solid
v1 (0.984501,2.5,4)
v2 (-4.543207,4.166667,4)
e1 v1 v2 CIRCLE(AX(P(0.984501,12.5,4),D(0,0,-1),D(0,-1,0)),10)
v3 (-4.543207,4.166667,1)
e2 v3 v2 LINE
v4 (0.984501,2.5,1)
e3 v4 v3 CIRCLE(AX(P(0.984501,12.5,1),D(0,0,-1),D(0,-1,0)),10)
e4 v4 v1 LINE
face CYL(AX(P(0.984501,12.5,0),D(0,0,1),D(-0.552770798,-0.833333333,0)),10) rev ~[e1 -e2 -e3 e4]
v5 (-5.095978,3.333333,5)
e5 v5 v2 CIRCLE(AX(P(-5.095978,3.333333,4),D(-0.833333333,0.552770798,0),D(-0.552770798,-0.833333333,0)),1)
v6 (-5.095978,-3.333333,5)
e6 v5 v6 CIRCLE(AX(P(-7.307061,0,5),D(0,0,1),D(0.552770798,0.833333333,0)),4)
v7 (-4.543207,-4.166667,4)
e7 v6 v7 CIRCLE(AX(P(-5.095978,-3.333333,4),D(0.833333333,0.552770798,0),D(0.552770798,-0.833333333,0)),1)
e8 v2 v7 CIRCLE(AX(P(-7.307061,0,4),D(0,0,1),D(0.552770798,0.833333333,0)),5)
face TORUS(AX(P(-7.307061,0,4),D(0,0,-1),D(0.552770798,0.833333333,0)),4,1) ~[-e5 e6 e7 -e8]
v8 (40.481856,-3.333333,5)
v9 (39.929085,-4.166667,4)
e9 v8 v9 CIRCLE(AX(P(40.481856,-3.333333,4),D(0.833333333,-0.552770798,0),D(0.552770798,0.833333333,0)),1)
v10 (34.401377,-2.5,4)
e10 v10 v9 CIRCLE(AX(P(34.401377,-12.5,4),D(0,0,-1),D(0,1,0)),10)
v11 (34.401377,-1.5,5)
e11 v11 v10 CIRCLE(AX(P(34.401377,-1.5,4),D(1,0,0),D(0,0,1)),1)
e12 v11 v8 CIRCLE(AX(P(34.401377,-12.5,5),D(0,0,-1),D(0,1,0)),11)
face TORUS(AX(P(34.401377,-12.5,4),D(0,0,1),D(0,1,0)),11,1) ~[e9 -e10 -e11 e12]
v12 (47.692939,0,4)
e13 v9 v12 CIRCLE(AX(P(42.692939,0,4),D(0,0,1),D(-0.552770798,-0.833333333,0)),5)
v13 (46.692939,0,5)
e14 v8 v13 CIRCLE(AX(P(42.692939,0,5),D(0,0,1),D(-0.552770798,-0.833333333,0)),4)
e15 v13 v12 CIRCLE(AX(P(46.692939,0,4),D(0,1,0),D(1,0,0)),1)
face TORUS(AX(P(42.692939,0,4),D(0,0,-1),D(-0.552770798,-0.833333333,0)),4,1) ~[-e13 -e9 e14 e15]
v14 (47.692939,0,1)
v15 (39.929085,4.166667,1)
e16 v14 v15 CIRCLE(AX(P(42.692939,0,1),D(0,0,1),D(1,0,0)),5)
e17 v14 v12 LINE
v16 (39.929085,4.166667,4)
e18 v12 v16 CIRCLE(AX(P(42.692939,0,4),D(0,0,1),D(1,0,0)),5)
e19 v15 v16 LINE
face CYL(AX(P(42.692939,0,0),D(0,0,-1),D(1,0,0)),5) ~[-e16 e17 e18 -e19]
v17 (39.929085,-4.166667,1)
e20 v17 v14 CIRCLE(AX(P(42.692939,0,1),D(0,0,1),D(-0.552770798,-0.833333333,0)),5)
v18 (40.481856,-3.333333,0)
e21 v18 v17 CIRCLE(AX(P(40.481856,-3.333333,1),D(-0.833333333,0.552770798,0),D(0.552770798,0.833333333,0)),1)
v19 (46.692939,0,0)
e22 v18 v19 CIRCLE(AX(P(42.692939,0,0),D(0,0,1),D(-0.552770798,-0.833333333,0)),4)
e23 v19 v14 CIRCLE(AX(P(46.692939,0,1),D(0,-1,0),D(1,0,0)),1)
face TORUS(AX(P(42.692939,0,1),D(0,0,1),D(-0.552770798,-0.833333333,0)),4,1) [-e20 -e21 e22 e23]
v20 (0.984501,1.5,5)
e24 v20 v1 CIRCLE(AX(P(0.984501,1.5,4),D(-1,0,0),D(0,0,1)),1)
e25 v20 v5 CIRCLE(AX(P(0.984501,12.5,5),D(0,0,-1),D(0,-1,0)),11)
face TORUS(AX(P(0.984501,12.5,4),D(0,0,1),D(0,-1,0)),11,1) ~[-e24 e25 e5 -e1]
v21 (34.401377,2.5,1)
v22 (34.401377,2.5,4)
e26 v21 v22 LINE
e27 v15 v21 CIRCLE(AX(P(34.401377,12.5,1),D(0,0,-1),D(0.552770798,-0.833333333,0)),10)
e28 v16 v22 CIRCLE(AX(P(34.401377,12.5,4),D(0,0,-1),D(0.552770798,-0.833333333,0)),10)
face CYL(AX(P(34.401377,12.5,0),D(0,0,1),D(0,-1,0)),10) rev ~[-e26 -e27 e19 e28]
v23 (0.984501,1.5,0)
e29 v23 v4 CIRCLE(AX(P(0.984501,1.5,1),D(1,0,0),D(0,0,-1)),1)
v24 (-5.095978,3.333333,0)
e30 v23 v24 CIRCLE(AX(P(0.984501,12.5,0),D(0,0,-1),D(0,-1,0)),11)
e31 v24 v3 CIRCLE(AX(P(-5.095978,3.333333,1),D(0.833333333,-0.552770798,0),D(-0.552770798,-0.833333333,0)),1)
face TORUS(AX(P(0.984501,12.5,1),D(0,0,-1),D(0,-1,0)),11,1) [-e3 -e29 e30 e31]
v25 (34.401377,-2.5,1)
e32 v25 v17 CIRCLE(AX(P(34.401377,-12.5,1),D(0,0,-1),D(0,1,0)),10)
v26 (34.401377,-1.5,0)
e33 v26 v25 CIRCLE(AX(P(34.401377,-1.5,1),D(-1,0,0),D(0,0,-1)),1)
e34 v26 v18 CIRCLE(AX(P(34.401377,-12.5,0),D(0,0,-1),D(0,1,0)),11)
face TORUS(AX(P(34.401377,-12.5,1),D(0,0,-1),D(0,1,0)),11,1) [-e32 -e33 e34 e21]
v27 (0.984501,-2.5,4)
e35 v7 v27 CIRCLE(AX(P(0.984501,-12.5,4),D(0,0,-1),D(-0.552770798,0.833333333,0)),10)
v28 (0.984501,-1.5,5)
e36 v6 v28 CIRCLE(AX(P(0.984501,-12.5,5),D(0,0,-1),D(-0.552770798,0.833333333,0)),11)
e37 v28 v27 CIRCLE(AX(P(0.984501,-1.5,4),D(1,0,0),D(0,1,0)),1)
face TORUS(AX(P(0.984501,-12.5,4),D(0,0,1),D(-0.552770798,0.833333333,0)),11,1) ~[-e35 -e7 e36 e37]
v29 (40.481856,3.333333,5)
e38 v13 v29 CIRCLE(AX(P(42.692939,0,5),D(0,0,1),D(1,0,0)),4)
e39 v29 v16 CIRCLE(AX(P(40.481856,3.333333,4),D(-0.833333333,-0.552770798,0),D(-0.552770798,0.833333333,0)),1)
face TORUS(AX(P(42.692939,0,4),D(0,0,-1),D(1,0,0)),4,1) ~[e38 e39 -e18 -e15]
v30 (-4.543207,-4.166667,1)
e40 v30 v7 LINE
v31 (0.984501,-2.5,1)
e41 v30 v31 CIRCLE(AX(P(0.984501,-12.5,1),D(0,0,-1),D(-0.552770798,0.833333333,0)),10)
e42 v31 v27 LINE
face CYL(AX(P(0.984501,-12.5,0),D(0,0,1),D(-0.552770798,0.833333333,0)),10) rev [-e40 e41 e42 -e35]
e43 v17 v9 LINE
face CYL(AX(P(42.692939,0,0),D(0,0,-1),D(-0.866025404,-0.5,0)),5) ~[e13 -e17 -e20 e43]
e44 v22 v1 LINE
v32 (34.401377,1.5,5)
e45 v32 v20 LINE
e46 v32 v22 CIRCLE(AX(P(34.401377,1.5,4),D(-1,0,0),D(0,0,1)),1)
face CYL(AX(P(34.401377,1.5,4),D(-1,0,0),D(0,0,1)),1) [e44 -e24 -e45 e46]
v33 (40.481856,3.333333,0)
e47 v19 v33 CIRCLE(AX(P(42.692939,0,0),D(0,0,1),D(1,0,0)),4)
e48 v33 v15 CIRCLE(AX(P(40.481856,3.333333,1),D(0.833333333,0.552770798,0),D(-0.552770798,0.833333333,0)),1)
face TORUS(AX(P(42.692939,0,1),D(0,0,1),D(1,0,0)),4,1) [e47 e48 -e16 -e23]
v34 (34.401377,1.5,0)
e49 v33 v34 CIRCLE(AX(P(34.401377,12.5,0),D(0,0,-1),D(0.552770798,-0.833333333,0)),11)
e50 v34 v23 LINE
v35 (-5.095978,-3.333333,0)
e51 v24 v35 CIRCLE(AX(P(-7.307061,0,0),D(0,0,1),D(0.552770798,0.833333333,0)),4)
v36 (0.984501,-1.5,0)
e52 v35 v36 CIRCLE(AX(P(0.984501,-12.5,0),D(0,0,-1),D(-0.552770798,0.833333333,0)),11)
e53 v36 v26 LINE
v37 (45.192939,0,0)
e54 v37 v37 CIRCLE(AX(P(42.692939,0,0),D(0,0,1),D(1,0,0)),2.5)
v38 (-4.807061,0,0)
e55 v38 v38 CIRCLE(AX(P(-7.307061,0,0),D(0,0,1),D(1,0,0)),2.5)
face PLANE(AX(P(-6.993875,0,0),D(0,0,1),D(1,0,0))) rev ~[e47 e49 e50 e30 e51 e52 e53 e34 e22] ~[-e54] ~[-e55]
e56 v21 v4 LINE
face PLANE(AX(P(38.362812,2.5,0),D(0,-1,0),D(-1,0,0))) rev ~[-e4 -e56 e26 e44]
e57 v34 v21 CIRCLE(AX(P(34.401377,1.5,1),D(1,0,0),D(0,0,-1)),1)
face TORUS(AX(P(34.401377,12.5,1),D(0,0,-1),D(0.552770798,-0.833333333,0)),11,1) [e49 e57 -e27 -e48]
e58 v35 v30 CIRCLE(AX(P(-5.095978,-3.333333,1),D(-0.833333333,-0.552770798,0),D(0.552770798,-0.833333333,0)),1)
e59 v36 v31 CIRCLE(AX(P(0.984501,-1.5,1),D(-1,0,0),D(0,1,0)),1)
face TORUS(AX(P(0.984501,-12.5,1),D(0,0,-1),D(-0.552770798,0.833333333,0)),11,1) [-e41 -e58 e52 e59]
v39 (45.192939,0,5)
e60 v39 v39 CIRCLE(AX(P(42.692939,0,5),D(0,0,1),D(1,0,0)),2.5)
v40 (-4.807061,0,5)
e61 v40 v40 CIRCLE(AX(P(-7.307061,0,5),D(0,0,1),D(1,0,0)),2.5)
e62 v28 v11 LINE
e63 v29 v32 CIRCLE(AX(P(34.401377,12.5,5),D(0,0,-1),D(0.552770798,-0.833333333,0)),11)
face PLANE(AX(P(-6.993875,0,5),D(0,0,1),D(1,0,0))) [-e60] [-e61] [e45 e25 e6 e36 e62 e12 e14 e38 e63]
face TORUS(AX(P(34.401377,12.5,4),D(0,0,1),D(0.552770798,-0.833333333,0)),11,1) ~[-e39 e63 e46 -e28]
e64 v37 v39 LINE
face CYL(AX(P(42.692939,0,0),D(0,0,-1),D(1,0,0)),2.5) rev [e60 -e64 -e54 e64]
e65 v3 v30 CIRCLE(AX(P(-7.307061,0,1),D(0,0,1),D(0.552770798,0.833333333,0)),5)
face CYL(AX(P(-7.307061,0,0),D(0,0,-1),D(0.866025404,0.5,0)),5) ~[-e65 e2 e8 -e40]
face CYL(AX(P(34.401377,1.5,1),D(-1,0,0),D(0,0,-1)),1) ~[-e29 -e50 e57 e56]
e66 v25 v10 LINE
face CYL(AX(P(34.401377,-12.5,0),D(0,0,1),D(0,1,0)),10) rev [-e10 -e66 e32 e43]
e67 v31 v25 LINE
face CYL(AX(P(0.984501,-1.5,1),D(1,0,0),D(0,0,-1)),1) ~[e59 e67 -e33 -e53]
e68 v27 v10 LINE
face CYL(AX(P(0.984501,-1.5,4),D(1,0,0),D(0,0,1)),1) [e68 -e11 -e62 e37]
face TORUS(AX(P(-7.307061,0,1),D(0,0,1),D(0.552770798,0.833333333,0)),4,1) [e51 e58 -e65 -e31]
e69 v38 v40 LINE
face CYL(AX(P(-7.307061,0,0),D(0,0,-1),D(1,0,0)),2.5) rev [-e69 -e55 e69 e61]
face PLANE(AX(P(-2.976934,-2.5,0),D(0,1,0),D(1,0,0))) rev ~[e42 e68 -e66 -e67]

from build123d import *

# Parameters (mm, degrees)
F0_R     = 2.5
F1_DEPTH = 5
F2_R     = 10
F3_R     = 1


with BuildPart() as f1:
    # F0 (on Top) → F1 (new body)
    with BuildSketch(Plane.XY):
        with BuildLine():
            ThreePointArc((-2.3070607836, 0), (-2.4774316521, 1.2940952255), (-2.9769337647, 2.5))
            ThreePointArc((-2.9769337647, 2.5), (-12.3070607836, 0), (-2.9769337647, -2.5))
            ThreePointArc((-2.9769337647, -2.5), (-2.4774316521, -1.2940952255), (-2.3070607836, 0))
        make_face()
        with Locations((-7.3070607836, 0)):
            Circle(F0_R, mode=Mode.SUBTRACT)
        with BuildLine():
            ThreePointArc((38.3628121975, -2.5), (37.6929392164, 0), (38.3628121975, 2.5))
            Line((38.3628121975, 2.5), (-2.9769337647, 2.5))
            ThreePointArc((-2.9769337647, 2.5), (-2.4774316521, 1.2940952255), (-2.3070607836, 0))
            ThreePointArc((-2.3070607836, 0), (-2.4774316521, -1.2940952255), (-2.9769337647, -2.5))
            Line((-2.9769337647, -2.5), (38.3628121975, -2.5))
        make_face()
        with BuildLine():
            ThreePointArc((38.3628121975, -2.5), (43.9870344419, -4.8296291314), (47.6929392164, 0))
            ThreePointArc((47.6929392164, 0), (43.9870344419, 4.8296291314), (38.3628121975, 2.5))
            ThreePointArc((38.3628121975, 2.5), (37.6929392164, 0), (38.3628121975, -2.5))
        make_face()
        with Locations((42.6929392164, 0)):
            Circle(F0_R, mode=Mode.SUBTRACT)
    extrude(amount=F1_DEPTH)

    # F2
    f2_edges = [f1.edges().sort_by_distance(p)[0] for p in [
        (-2.976934, 2.5, 2.5),
        (-2.976934, -2.5, 2.5),
        (38.362812, -2.5, 2.5),
        (38.362812, 2.5, 2.5),
    ]]
    fillet(f2_edges, radius=F2_R)

    # F3
    f3_edges = [f1.edges().sort_by_distance(p)[0] for p in [
        (17.692939, 2.5, 5),
        (-1.90225, 2.925729, 5),
        (17.692939, 2.5, 0),
    ]]
    fillet(f3_edges, radius=F3_R)


solid = f1.part
